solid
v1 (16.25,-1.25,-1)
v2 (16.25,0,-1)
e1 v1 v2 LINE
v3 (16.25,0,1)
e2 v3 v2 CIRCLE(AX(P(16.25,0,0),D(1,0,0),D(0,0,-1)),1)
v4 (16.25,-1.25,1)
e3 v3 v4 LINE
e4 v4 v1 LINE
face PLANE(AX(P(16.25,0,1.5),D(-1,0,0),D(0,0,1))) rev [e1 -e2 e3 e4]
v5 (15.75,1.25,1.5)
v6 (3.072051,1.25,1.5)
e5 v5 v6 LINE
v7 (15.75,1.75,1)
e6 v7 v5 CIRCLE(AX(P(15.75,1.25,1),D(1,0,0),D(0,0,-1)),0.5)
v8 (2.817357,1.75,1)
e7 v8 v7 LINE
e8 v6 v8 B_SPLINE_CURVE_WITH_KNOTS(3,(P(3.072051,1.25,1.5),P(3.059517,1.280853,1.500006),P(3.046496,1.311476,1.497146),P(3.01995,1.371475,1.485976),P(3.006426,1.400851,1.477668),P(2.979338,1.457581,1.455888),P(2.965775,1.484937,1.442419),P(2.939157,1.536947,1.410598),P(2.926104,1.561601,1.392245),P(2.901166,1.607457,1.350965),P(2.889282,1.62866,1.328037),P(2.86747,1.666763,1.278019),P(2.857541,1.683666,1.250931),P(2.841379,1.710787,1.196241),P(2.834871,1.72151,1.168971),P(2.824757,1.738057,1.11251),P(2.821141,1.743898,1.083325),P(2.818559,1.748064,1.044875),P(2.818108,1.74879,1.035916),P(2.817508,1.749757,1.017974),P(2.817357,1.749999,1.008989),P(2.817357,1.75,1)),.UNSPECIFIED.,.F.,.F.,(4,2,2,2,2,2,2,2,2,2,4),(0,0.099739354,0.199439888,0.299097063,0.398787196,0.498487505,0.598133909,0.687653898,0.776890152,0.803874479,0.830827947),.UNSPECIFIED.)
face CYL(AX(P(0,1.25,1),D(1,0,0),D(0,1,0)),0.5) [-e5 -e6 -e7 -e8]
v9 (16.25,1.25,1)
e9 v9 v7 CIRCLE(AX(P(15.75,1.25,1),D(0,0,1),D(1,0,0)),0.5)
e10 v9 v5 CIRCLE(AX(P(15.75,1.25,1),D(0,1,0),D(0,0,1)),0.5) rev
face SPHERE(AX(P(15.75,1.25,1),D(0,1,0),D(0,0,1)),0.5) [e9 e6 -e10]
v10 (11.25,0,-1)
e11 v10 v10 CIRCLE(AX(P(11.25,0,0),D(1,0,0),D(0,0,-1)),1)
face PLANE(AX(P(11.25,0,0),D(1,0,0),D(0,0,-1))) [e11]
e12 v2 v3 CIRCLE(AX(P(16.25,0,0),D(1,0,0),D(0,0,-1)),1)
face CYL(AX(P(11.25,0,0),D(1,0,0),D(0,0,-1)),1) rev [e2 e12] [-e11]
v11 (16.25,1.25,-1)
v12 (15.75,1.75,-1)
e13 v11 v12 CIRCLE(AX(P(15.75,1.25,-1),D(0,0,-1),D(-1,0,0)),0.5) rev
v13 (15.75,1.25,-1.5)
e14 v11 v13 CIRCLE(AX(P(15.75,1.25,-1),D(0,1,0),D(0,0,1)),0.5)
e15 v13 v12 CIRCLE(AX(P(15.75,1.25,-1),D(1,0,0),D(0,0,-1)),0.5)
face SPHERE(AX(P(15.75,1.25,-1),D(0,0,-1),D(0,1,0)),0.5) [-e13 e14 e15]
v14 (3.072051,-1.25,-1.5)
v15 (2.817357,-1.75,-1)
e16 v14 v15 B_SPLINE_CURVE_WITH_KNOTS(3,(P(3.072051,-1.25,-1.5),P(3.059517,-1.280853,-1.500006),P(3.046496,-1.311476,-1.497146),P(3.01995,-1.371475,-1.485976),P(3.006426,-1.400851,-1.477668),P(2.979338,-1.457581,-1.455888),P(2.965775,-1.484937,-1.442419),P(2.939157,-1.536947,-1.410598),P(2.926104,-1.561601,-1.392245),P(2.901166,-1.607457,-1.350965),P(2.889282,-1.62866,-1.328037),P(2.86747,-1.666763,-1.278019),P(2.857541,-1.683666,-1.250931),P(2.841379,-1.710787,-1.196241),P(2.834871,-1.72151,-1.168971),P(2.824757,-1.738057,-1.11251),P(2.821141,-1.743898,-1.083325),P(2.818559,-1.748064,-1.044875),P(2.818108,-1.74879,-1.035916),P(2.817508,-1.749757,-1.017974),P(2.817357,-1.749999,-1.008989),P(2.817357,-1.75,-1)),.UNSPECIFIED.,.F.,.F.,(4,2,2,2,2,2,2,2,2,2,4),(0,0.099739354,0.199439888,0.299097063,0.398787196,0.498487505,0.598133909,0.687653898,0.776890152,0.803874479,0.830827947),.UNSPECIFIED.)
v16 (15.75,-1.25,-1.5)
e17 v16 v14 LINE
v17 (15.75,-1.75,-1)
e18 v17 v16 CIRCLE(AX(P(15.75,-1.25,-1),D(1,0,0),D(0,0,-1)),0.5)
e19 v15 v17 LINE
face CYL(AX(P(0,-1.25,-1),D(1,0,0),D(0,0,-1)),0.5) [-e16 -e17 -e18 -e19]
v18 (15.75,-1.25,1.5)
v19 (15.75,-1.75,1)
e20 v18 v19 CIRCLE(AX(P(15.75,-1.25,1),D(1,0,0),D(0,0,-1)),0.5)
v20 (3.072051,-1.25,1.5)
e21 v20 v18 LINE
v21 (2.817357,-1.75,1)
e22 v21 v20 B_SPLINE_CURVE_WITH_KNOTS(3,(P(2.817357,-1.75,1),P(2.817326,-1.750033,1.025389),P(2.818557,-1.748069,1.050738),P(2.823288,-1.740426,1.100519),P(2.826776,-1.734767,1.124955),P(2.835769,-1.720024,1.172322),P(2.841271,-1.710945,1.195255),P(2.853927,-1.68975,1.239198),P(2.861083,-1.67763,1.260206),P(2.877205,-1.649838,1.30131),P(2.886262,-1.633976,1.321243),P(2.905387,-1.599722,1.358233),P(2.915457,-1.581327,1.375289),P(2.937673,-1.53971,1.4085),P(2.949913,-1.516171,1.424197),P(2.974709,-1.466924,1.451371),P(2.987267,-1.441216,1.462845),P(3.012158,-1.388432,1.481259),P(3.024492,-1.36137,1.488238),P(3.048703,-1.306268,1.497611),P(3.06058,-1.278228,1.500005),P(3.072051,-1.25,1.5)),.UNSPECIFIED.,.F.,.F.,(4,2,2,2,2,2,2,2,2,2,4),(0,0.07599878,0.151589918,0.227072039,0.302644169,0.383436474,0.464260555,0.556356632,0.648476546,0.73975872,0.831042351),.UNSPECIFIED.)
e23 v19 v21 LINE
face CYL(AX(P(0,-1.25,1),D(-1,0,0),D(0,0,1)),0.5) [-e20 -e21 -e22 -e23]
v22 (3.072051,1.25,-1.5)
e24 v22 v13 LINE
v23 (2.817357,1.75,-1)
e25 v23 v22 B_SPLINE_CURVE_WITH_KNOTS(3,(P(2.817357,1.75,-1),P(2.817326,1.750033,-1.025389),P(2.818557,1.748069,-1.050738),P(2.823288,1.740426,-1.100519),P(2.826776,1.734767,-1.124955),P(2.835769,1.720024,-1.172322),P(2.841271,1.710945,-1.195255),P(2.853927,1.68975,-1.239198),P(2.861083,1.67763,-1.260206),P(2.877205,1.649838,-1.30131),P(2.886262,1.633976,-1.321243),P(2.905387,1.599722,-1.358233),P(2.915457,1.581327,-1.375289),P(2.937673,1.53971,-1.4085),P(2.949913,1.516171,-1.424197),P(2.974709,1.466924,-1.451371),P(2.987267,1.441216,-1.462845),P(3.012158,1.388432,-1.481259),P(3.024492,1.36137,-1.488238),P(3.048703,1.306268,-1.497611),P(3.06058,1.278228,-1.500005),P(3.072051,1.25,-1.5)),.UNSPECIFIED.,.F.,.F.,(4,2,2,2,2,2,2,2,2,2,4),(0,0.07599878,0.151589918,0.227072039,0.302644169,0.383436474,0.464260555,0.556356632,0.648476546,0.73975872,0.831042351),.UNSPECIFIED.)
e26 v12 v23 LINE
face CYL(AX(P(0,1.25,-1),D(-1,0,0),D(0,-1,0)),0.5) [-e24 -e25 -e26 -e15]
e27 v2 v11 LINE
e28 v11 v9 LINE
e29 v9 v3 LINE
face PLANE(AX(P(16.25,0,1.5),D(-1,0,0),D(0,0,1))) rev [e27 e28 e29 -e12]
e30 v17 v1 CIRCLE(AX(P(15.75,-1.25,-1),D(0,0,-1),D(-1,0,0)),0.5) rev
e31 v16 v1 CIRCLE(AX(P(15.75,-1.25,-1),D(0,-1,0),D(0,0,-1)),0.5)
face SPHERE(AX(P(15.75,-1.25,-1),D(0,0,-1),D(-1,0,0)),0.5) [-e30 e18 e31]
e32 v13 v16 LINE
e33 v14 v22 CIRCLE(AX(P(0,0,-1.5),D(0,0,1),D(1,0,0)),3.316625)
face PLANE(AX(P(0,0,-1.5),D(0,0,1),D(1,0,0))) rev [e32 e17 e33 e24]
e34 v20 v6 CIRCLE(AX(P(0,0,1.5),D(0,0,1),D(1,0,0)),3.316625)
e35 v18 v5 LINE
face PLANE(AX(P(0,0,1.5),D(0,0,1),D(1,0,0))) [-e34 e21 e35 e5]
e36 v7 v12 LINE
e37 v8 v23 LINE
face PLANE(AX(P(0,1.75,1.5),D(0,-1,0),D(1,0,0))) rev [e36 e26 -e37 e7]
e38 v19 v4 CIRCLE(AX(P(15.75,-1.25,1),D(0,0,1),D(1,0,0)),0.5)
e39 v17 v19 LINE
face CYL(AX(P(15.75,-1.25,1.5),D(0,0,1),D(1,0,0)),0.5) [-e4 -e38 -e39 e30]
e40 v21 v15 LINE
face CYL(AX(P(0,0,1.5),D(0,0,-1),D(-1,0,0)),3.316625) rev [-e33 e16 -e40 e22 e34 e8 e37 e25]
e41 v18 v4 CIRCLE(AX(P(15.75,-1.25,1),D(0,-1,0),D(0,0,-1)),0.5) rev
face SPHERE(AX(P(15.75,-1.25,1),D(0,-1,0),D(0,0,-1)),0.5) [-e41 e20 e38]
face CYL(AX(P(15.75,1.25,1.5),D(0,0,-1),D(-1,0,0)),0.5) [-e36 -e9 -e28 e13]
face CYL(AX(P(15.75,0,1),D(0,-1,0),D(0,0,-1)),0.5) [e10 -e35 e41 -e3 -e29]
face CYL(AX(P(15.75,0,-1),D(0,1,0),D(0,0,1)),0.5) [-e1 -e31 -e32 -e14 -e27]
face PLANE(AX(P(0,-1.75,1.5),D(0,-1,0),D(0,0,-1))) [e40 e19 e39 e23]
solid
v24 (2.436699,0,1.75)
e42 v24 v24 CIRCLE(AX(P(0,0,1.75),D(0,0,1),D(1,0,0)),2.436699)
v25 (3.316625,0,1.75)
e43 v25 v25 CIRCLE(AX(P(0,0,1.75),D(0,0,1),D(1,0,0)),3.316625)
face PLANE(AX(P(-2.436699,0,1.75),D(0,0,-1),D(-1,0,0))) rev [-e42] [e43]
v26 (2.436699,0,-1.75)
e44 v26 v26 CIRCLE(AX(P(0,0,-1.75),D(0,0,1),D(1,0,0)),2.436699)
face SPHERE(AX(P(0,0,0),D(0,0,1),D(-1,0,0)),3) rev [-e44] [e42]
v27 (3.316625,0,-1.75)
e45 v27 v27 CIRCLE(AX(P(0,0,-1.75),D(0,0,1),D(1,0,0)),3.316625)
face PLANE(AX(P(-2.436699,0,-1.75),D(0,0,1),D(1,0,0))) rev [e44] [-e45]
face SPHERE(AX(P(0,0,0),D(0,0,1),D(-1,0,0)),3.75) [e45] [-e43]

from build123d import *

# Parameters (mm, degrees)
EXTRUDE_1_DEPTH     = 1.5
FILLET_1_R          = 0.5
SKETCH_3_R          = 1
CUT_EXTRUDE_1_DEPTH = 5


with BuildPart() as part:
    # 草图1 → 旋转1 (revolve)
    with BuildSketch(Plane(origin=(0, 0, 0), x_dir=(1, 0, 0), z_dir=(0, 1, 0))):
        with BuildLine():
            Line((-2.436698586, 1.75), (-3.31662479, 1.75))
            ThreePointArc((-3.31662479, 1.75), (-3.75, 0), (-3.31662479, -1.75))
            Line((-3.31662479, -1.75), (-2.436698586, -1.75))
            ThreePointArc((-2.436698586, -1.75), (-3, 0), (-2.436698586, 1.75))
        make_face()
    revolve(axis=Axis((0, 0, 116.11690901), (0, 0, -1)))


with BuildPart() as body_2:
    # 草图2 → 凸台-拉伸1 (new body, symmetric)
    with BuildSketch(Plane.XY):
        with BuildLine():
            Line((3.31662479, -1.75), (16.25, -1.75))
            Line((16.25, -1.75), (16.25, 1.75))
            Line((16.25, 1.75), (3.31662479, 1.75))
            Line((3.31662479, 1.75), (2.817356917, 1.75))
            ThreePointArc((2.817356917, 1.75), (3.189366379, 0.909913239), (3.31662479, 0))
            ThreePointArc((3.31662479, 0), (3.189366379, -0.909913239), (2.817356917, -1.75))
            Line((2.817356917, -1.75), (3.31662479, -1.75))
        make_face()
    extrude(amount=EXTRUDE_1_DEPTH, both=True)

    # 圆角1
    fillet_1_edges = [body_2.edges().sort_by_distance(p)[0] for p in [
        (9.533678459, -1.75, 1.5),
        (16.25, 0, 1.5),
        (9.533678459, 1.75, 1.5),
        (9.533678459, 1.75, -1.5),
        (16.25, 0, -1.5),
        (9.533678459, -1.75, -1.5),
        (16.25, 1.75, 0),
        (16.25, -1.75, 0),
    ]]
    fillet(fillet_1_edges, radius=FILLET_1_R)

    # 草图3 → 切除-拉伸1 (cut)
    with BuildSketch(Plane(origin=(16.25, 0, 0), x_dir=(0, 0, -1), z_dir=(1, 0, 0))):
        Circle(SKETCH_3_R)
    extrude(amount=-CUT_EXTRUDE_1_DEPTH, mode=Mode.SUBTRACT)


solid = Compound([part.part, body_2.part])
